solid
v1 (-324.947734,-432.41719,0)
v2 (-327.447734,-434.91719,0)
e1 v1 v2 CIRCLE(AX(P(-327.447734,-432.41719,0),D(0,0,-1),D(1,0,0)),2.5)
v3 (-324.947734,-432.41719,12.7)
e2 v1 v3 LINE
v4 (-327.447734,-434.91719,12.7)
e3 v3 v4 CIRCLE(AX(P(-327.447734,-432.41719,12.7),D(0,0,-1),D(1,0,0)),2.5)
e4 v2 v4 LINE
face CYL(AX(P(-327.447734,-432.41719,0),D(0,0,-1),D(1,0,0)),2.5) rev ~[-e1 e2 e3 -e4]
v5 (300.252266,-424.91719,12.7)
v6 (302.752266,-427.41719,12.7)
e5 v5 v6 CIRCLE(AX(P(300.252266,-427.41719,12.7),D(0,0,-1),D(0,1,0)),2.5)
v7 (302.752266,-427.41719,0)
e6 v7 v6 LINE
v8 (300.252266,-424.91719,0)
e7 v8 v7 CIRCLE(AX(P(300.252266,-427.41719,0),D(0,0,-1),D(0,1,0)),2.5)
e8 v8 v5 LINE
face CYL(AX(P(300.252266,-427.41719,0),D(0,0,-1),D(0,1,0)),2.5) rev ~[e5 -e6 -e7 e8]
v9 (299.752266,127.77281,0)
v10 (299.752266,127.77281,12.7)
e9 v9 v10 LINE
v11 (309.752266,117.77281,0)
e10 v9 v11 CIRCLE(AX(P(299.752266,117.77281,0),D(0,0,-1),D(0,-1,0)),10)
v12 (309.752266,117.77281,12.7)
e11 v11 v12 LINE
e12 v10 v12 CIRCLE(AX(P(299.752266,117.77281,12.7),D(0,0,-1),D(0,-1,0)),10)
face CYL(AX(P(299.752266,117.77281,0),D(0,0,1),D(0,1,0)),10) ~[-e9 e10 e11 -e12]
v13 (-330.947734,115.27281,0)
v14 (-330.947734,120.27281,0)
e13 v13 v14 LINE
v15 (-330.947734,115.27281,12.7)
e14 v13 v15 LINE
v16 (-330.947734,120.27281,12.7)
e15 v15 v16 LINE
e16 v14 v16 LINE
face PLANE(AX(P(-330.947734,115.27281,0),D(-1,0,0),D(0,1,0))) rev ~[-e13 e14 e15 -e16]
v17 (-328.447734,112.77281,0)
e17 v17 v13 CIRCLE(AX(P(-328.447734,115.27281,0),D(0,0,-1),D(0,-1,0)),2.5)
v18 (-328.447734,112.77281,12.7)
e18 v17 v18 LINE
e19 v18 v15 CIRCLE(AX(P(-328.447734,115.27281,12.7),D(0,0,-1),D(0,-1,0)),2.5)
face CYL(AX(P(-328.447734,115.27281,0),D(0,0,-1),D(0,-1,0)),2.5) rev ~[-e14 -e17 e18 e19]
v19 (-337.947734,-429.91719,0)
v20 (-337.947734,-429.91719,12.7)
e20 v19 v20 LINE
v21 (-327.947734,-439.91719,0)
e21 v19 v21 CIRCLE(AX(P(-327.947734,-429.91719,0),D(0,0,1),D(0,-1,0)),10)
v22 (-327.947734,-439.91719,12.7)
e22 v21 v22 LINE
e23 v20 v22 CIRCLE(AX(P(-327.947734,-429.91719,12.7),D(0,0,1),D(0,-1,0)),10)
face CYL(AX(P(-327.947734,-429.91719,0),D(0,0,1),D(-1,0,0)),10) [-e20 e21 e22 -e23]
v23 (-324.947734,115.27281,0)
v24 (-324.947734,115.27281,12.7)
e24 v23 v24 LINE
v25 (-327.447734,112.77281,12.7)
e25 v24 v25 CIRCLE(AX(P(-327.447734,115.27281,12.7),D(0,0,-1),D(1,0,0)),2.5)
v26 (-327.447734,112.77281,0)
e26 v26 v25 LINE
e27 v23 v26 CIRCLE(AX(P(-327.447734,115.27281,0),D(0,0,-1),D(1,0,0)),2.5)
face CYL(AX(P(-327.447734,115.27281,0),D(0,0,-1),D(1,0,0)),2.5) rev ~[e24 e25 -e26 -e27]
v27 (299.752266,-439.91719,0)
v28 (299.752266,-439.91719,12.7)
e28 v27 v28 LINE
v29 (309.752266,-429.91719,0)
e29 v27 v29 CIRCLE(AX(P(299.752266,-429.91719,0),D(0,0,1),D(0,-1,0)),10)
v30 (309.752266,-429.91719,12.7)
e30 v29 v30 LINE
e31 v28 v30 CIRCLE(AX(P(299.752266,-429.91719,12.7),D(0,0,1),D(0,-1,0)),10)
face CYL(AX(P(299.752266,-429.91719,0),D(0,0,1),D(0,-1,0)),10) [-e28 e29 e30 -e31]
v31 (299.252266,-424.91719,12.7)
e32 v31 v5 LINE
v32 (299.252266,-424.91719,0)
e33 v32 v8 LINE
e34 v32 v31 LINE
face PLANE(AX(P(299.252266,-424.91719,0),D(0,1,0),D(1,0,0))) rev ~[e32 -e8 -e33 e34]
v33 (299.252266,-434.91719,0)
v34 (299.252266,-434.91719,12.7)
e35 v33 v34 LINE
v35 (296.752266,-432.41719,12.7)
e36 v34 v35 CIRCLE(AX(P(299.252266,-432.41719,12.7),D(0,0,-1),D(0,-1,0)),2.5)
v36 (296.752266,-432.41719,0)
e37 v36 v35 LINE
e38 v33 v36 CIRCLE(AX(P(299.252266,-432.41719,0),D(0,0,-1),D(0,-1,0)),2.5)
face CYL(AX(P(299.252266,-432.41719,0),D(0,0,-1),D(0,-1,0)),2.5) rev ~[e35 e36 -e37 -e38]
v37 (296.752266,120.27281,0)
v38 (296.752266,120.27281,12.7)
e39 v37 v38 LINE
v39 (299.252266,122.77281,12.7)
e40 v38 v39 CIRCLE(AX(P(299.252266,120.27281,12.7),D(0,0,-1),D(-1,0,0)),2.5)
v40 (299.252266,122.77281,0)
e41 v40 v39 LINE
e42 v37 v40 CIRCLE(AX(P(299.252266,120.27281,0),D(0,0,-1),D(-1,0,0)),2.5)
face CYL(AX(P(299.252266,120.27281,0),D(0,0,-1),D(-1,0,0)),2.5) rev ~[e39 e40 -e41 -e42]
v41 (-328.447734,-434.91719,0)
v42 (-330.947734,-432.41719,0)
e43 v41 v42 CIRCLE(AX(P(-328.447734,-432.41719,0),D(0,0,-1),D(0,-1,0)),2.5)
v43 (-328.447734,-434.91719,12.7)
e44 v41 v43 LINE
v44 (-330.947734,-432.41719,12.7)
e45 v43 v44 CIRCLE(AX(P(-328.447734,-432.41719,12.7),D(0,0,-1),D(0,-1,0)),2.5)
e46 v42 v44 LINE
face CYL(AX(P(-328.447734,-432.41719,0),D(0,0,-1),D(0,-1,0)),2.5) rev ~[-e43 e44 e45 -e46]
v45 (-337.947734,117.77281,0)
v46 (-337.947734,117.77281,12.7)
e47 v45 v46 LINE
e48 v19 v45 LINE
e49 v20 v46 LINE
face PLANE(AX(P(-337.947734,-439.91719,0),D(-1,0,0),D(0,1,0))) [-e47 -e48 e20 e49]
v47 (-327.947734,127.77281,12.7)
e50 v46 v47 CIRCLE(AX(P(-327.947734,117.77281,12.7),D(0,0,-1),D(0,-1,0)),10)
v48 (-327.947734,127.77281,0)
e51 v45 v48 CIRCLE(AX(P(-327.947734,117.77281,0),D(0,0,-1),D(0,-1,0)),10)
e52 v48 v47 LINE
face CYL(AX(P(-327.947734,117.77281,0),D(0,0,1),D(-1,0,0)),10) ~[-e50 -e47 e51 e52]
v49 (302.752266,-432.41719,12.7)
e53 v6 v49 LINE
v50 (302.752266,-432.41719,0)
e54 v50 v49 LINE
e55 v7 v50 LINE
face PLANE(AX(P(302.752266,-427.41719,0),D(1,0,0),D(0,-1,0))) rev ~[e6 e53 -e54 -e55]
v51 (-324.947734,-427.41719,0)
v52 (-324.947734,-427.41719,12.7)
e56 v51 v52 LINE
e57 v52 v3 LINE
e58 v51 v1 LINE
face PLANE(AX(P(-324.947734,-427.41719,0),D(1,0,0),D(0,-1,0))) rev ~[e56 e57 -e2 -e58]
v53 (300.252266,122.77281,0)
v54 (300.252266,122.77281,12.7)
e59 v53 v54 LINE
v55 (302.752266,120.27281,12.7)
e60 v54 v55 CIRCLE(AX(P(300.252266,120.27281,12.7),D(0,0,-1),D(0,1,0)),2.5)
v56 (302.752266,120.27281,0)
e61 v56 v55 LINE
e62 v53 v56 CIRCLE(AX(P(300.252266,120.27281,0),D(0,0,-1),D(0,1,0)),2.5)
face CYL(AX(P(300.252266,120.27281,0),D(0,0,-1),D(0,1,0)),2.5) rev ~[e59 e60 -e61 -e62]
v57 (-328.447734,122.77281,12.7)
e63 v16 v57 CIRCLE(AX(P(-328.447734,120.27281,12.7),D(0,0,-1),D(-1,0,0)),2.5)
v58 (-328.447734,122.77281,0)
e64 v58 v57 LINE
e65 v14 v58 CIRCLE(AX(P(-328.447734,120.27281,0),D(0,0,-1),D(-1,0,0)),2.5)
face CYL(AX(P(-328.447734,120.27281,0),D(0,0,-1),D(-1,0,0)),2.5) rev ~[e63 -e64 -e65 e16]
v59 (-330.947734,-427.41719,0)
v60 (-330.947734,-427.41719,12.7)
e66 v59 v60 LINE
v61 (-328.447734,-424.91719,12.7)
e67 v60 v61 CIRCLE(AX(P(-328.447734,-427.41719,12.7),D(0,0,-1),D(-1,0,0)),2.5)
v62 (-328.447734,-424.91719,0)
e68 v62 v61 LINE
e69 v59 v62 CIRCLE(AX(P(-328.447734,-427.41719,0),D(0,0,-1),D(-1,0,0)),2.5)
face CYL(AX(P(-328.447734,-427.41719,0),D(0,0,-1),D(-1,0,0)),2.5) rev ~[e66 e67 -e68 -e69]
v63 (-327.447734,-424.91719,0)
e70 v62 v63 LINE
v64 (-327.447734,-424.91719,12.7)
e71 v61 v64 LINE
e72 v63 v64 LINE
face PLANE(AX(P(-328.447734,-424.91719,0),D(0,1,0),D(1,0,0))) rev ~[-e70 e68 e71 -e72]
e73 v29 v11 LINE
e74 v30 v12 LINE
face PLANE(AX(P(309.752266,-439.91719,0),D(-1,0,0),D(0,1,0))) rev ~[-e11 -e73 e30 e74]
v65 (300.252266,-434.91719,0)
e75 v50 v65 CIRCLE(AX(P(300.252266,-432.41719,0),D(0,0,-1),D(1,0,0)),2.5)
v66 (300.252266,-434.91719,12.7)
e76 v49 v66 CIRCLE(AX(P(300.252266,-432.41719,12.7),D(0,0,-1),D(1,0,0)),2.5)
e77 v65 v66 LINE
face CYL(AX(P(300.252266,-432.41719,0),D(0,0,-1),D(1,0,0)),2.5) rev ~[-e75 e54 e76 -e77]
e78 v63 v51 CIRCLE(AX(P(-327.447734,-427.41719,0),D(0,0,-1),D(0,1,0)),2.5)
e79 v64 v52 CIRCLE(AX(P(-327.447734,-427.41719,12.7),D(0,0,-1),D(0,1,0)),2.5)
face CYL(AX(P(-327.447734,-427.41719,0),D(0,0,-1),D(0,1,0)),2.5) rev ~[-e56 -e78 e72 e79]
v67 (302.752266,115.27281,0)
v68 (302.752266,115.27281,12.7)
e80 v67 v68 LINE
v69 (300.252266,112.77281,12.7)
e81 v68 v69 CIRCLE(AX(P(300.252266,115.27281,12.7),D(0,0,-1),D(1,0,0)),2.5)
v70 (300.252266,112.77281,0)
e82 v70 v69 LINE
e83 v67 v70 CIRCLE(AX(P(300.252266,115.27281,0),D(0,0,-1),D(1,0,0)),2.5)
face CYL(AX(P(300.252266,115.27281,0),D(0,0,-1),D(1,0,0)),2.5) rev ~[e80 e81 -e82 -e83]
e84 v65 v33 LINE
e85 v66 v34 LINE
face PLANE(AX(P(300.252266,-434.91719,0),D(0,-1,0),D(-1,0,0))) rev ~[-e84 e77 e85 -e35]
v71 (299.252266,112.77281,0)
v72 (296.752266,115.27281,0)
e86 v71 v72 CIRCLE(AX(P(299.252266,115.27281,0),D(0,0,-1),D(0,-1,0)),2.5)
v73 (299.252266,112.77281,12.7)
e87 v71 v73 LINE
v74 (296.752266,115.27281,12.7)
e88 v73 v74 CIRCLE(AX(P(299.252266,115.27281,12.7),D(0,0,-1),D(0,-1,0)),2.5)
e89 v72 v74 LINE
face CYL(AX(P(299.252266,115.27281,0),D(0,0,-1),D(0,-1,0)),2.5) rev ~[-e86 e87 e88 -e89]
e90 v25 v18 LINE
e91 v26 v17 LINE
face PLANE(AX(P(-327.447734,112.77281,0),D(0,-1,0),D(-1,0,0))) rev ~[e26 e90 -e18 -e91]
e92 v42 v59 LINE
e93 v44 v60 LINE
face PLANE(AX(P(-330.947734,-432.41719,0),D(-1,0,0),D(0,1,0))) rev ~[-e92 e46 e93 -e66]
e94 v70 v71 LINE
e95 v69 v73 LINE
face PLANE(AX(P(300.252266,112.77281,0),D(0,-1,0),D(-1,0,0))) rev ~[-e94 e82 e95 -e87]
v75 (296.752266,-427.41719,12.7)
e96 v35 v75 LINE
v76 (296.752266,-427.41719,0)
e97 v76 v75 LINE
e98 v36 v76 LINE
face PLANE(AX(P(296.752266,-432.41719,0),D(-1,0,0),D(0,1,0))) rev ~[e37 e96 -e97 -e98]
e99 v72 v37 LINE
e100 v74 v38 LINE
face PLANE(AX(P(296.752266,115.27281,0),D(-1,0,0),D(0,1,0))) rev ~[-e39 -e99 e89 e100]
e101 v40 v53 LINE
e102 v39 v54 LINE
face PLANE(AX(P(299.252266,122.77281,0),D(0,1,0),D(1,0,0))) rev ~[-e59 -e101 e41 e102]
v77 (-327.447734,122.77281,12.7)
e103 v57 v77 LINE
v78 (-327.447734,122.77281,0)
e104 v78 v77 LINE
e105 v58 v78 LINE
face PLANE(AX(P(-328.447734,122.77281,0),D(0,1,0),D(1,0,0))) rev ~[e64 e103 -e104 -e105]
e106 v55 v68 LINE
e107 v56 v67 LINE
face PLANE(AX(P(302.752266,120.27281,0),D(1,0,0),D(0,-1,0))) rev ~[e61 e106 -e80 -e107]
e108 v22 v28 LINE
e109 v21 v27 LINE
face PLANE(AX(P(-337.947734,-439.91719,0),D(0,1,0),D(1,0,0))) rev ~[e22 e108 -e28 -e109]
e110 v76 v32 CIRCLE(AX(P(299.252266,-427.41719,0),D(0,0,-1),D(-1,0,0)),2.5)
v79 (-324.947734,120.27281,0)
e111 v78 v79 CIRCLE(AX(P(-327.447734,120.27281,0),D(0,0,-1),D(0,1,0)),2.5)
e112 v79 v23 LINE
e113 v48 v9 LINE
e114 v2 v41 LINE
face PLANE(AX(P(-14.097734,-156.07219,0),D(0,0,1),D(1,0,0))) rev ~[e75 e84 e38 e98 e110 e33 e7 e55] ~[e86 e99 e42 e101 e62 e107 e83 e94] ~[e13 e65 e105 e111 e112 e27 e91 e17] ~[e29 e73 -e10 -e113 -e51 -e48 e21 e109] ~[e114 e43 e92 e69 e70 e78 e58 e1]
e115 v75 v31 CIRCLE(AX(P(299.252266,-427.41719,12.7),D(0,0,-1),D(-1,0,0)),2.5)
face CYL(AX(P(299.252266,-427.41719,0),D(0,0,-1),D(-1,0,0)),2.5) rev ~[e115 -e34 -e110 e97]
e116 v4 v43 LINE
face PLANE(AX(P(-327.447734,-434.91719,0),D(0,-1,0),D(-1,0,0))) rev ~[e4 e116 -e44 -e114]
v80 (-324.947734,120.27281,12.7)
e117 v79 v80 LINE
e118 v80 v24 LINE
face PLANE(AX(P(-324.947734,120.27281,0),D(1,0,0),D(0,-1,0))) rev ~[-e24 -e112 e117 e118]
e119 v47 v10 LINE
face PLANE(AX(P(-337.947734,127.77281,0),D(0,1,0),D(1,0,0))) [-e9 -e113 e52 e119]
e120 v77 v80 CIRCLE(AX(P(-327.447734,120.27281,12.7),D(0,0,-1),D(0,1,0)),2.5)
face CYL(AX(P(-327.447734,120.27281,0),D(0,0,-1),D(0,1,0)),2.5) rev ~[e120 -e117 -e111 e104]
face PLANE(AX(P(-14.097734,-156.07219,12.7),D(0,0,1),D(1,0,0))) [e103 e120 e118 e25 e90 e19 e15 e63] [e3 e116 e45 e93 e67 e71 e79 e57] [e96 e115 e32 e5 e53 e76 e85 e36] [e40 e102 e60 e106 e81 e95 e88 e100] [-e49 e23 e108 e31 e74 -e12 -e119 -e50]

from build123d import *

# Parameters (mm, degrees)
SKETCH1_W           = 647.7
SKETCH1_H           = 567.69
BOSS_EXTRUDE1_DEPTH = 12.7
FILLET1_R           = 10


with BuildPart() as part:
    # Sketch1 → Boss-Extrude1 (new body)
    with BuildSketch(Plane.XY):
        with Locations((-14.097734139, -156.072190332)):
            Rectangle(SKETCH1_W, SKETCH1_H)
        with BuildLine():
            Line((300.252265861, -434.917190332), (299.252265861, -434.917190332))
            ThreePointArc((299.252265861, -434.917190332), (297.484498908, -434.184957285), (296.752265861, -432.417190332))
            Line((296.752265861, -432.417190332), (296.752265861, -427.417190332))
            ThreePointArc((296.752265861, -427.417190332), (297.484498908, -425.649423379), (299.252265861, -424.917190332))
            Line((299.252265861, -424.917190332), (300.252265861, -424.917190332))
            ThreePointArc((300.252265861, -424.917190332), (302.020032814, -425.649423379), (302.752265861, -427.417190332))
            Line((302.752265861, -427.417190332), (302.752265861, -432.417190332))
            ThreePointArc((302.752265861, -432.417190332), (302.020032814, -434.184957285), (300.252265861, -434.917190332))
        make_face(mode=Mode.SUBTRACT)
        with BuildLine():
            Line((-327.447734139, -434.917190332), (-328.447734139, -434.917190332))
            ThreePointArc((-328.447734139, -434.917190332), (-330.215501092, -434.184957285), (-330.947734139, -432.417190332))
            Line((-330.947734139, -432.417190332), (-330.947734139, -427.417190332))
            ThreePointArc((-330.947734139, -427.417190332), (-330.215501092, -425.649423379), (-328.447734139, -424.917190332))
            Line((-328.447734139, -424.917190332), (-327.447734139, -424.917190332))
            ThreePointArc((-327.447734139, -424.917190332), (-325.679967186, -425.649423379), (-324.947734139, -427.417190332))
            Line((-324.947734139, -427.417190332), (-324.947734139, -432.417190332))
            ThreePointArc((-324.947734139, -432.417190332), (-325.679967186, -434.184957285), (-327.447734139, -434.917190332))
        make_face(mode=Mode.SUBTRACT)
        with BuildLine():
            Line((-327.447734139, 112.772809668), (-328.447734139, 112.772809668))
            ThreePointArc((-328.447734139, 112.772809668), (-330.215501092, 113.505042715), (-330.947734139, 115.272809668))
            Line((-330.947734139, 115.272809668), (-330.947734139, 120.272809668))
            ThreePointArc((-330.947734139, 120.272809668), (-330.215501092, 122.040576621), (-328.447734139, 122.772809668))
            Line((-328.447734139, 122.772809668), (-327.447734139, 122.772809668))
            ThreePointArc((-327.447734139, 122.772809668), (-325.679967186, 122.040576621), (-324.947734139, 120.272809668))
            Line((-324.947734139, 120.272809668), (-324.947734139, 115.272809668))
            ThreePointArc((-324.947734139, 115.272809668), (-325.679967186, 113.505042715), (-327.447734139, 112.772809668))
        make_face(mode=Mode.SUBTRACT)
        with BuildLine():
            Line((300.252265861, 112.772809668), (299.252265861, 112.772809668))
            ThreePointArc((299.252265861, 112.772809668), (297.484498908, 113.505042715), (296.752265861, 115.272809668))
            Line((296.752265861, 115.272809668), (296.752265861, 120.272809668))
            ThreePointArc((296.752265861, 120.272809668), (297.484498908, 122.040576621), (299.252265861, 122.772809668))
            Line((299.252265861, 122.772809668), (300.252265861, 122.772809668))
            ThreePointArc((300.252265861, 122.772809668), (302.020032814, 122.040576621), (302.752265861, 120.272809668))
            Line((302.752265861, 120.272809668), (302.752265861, 115.272809668))
            ThreePointArc((302.752265861, 115.272809668), (302.020032814, 113.505042715), (300.252265861, 112.772809668))
        make_face(mode=Mode.SUBTRACT)
    extrude(amount=BOSS_EXTRUDE1_DEPTH)

    # Fillet1
    fillet1_edges = [part.edges().sort_by_distance(p)[0] for p in [
        (-337.947734139, 127.772809668, 6.35),
        (309.752265861, 127.772809668, 6.35),
        (309.752265861, -439.917190332, 6.35),
        (-337.947734139, -439.917190332, 6.35),
    ]]
    fillet(fillet1_edges, radius=FILLET1_R)


solid = part.part
